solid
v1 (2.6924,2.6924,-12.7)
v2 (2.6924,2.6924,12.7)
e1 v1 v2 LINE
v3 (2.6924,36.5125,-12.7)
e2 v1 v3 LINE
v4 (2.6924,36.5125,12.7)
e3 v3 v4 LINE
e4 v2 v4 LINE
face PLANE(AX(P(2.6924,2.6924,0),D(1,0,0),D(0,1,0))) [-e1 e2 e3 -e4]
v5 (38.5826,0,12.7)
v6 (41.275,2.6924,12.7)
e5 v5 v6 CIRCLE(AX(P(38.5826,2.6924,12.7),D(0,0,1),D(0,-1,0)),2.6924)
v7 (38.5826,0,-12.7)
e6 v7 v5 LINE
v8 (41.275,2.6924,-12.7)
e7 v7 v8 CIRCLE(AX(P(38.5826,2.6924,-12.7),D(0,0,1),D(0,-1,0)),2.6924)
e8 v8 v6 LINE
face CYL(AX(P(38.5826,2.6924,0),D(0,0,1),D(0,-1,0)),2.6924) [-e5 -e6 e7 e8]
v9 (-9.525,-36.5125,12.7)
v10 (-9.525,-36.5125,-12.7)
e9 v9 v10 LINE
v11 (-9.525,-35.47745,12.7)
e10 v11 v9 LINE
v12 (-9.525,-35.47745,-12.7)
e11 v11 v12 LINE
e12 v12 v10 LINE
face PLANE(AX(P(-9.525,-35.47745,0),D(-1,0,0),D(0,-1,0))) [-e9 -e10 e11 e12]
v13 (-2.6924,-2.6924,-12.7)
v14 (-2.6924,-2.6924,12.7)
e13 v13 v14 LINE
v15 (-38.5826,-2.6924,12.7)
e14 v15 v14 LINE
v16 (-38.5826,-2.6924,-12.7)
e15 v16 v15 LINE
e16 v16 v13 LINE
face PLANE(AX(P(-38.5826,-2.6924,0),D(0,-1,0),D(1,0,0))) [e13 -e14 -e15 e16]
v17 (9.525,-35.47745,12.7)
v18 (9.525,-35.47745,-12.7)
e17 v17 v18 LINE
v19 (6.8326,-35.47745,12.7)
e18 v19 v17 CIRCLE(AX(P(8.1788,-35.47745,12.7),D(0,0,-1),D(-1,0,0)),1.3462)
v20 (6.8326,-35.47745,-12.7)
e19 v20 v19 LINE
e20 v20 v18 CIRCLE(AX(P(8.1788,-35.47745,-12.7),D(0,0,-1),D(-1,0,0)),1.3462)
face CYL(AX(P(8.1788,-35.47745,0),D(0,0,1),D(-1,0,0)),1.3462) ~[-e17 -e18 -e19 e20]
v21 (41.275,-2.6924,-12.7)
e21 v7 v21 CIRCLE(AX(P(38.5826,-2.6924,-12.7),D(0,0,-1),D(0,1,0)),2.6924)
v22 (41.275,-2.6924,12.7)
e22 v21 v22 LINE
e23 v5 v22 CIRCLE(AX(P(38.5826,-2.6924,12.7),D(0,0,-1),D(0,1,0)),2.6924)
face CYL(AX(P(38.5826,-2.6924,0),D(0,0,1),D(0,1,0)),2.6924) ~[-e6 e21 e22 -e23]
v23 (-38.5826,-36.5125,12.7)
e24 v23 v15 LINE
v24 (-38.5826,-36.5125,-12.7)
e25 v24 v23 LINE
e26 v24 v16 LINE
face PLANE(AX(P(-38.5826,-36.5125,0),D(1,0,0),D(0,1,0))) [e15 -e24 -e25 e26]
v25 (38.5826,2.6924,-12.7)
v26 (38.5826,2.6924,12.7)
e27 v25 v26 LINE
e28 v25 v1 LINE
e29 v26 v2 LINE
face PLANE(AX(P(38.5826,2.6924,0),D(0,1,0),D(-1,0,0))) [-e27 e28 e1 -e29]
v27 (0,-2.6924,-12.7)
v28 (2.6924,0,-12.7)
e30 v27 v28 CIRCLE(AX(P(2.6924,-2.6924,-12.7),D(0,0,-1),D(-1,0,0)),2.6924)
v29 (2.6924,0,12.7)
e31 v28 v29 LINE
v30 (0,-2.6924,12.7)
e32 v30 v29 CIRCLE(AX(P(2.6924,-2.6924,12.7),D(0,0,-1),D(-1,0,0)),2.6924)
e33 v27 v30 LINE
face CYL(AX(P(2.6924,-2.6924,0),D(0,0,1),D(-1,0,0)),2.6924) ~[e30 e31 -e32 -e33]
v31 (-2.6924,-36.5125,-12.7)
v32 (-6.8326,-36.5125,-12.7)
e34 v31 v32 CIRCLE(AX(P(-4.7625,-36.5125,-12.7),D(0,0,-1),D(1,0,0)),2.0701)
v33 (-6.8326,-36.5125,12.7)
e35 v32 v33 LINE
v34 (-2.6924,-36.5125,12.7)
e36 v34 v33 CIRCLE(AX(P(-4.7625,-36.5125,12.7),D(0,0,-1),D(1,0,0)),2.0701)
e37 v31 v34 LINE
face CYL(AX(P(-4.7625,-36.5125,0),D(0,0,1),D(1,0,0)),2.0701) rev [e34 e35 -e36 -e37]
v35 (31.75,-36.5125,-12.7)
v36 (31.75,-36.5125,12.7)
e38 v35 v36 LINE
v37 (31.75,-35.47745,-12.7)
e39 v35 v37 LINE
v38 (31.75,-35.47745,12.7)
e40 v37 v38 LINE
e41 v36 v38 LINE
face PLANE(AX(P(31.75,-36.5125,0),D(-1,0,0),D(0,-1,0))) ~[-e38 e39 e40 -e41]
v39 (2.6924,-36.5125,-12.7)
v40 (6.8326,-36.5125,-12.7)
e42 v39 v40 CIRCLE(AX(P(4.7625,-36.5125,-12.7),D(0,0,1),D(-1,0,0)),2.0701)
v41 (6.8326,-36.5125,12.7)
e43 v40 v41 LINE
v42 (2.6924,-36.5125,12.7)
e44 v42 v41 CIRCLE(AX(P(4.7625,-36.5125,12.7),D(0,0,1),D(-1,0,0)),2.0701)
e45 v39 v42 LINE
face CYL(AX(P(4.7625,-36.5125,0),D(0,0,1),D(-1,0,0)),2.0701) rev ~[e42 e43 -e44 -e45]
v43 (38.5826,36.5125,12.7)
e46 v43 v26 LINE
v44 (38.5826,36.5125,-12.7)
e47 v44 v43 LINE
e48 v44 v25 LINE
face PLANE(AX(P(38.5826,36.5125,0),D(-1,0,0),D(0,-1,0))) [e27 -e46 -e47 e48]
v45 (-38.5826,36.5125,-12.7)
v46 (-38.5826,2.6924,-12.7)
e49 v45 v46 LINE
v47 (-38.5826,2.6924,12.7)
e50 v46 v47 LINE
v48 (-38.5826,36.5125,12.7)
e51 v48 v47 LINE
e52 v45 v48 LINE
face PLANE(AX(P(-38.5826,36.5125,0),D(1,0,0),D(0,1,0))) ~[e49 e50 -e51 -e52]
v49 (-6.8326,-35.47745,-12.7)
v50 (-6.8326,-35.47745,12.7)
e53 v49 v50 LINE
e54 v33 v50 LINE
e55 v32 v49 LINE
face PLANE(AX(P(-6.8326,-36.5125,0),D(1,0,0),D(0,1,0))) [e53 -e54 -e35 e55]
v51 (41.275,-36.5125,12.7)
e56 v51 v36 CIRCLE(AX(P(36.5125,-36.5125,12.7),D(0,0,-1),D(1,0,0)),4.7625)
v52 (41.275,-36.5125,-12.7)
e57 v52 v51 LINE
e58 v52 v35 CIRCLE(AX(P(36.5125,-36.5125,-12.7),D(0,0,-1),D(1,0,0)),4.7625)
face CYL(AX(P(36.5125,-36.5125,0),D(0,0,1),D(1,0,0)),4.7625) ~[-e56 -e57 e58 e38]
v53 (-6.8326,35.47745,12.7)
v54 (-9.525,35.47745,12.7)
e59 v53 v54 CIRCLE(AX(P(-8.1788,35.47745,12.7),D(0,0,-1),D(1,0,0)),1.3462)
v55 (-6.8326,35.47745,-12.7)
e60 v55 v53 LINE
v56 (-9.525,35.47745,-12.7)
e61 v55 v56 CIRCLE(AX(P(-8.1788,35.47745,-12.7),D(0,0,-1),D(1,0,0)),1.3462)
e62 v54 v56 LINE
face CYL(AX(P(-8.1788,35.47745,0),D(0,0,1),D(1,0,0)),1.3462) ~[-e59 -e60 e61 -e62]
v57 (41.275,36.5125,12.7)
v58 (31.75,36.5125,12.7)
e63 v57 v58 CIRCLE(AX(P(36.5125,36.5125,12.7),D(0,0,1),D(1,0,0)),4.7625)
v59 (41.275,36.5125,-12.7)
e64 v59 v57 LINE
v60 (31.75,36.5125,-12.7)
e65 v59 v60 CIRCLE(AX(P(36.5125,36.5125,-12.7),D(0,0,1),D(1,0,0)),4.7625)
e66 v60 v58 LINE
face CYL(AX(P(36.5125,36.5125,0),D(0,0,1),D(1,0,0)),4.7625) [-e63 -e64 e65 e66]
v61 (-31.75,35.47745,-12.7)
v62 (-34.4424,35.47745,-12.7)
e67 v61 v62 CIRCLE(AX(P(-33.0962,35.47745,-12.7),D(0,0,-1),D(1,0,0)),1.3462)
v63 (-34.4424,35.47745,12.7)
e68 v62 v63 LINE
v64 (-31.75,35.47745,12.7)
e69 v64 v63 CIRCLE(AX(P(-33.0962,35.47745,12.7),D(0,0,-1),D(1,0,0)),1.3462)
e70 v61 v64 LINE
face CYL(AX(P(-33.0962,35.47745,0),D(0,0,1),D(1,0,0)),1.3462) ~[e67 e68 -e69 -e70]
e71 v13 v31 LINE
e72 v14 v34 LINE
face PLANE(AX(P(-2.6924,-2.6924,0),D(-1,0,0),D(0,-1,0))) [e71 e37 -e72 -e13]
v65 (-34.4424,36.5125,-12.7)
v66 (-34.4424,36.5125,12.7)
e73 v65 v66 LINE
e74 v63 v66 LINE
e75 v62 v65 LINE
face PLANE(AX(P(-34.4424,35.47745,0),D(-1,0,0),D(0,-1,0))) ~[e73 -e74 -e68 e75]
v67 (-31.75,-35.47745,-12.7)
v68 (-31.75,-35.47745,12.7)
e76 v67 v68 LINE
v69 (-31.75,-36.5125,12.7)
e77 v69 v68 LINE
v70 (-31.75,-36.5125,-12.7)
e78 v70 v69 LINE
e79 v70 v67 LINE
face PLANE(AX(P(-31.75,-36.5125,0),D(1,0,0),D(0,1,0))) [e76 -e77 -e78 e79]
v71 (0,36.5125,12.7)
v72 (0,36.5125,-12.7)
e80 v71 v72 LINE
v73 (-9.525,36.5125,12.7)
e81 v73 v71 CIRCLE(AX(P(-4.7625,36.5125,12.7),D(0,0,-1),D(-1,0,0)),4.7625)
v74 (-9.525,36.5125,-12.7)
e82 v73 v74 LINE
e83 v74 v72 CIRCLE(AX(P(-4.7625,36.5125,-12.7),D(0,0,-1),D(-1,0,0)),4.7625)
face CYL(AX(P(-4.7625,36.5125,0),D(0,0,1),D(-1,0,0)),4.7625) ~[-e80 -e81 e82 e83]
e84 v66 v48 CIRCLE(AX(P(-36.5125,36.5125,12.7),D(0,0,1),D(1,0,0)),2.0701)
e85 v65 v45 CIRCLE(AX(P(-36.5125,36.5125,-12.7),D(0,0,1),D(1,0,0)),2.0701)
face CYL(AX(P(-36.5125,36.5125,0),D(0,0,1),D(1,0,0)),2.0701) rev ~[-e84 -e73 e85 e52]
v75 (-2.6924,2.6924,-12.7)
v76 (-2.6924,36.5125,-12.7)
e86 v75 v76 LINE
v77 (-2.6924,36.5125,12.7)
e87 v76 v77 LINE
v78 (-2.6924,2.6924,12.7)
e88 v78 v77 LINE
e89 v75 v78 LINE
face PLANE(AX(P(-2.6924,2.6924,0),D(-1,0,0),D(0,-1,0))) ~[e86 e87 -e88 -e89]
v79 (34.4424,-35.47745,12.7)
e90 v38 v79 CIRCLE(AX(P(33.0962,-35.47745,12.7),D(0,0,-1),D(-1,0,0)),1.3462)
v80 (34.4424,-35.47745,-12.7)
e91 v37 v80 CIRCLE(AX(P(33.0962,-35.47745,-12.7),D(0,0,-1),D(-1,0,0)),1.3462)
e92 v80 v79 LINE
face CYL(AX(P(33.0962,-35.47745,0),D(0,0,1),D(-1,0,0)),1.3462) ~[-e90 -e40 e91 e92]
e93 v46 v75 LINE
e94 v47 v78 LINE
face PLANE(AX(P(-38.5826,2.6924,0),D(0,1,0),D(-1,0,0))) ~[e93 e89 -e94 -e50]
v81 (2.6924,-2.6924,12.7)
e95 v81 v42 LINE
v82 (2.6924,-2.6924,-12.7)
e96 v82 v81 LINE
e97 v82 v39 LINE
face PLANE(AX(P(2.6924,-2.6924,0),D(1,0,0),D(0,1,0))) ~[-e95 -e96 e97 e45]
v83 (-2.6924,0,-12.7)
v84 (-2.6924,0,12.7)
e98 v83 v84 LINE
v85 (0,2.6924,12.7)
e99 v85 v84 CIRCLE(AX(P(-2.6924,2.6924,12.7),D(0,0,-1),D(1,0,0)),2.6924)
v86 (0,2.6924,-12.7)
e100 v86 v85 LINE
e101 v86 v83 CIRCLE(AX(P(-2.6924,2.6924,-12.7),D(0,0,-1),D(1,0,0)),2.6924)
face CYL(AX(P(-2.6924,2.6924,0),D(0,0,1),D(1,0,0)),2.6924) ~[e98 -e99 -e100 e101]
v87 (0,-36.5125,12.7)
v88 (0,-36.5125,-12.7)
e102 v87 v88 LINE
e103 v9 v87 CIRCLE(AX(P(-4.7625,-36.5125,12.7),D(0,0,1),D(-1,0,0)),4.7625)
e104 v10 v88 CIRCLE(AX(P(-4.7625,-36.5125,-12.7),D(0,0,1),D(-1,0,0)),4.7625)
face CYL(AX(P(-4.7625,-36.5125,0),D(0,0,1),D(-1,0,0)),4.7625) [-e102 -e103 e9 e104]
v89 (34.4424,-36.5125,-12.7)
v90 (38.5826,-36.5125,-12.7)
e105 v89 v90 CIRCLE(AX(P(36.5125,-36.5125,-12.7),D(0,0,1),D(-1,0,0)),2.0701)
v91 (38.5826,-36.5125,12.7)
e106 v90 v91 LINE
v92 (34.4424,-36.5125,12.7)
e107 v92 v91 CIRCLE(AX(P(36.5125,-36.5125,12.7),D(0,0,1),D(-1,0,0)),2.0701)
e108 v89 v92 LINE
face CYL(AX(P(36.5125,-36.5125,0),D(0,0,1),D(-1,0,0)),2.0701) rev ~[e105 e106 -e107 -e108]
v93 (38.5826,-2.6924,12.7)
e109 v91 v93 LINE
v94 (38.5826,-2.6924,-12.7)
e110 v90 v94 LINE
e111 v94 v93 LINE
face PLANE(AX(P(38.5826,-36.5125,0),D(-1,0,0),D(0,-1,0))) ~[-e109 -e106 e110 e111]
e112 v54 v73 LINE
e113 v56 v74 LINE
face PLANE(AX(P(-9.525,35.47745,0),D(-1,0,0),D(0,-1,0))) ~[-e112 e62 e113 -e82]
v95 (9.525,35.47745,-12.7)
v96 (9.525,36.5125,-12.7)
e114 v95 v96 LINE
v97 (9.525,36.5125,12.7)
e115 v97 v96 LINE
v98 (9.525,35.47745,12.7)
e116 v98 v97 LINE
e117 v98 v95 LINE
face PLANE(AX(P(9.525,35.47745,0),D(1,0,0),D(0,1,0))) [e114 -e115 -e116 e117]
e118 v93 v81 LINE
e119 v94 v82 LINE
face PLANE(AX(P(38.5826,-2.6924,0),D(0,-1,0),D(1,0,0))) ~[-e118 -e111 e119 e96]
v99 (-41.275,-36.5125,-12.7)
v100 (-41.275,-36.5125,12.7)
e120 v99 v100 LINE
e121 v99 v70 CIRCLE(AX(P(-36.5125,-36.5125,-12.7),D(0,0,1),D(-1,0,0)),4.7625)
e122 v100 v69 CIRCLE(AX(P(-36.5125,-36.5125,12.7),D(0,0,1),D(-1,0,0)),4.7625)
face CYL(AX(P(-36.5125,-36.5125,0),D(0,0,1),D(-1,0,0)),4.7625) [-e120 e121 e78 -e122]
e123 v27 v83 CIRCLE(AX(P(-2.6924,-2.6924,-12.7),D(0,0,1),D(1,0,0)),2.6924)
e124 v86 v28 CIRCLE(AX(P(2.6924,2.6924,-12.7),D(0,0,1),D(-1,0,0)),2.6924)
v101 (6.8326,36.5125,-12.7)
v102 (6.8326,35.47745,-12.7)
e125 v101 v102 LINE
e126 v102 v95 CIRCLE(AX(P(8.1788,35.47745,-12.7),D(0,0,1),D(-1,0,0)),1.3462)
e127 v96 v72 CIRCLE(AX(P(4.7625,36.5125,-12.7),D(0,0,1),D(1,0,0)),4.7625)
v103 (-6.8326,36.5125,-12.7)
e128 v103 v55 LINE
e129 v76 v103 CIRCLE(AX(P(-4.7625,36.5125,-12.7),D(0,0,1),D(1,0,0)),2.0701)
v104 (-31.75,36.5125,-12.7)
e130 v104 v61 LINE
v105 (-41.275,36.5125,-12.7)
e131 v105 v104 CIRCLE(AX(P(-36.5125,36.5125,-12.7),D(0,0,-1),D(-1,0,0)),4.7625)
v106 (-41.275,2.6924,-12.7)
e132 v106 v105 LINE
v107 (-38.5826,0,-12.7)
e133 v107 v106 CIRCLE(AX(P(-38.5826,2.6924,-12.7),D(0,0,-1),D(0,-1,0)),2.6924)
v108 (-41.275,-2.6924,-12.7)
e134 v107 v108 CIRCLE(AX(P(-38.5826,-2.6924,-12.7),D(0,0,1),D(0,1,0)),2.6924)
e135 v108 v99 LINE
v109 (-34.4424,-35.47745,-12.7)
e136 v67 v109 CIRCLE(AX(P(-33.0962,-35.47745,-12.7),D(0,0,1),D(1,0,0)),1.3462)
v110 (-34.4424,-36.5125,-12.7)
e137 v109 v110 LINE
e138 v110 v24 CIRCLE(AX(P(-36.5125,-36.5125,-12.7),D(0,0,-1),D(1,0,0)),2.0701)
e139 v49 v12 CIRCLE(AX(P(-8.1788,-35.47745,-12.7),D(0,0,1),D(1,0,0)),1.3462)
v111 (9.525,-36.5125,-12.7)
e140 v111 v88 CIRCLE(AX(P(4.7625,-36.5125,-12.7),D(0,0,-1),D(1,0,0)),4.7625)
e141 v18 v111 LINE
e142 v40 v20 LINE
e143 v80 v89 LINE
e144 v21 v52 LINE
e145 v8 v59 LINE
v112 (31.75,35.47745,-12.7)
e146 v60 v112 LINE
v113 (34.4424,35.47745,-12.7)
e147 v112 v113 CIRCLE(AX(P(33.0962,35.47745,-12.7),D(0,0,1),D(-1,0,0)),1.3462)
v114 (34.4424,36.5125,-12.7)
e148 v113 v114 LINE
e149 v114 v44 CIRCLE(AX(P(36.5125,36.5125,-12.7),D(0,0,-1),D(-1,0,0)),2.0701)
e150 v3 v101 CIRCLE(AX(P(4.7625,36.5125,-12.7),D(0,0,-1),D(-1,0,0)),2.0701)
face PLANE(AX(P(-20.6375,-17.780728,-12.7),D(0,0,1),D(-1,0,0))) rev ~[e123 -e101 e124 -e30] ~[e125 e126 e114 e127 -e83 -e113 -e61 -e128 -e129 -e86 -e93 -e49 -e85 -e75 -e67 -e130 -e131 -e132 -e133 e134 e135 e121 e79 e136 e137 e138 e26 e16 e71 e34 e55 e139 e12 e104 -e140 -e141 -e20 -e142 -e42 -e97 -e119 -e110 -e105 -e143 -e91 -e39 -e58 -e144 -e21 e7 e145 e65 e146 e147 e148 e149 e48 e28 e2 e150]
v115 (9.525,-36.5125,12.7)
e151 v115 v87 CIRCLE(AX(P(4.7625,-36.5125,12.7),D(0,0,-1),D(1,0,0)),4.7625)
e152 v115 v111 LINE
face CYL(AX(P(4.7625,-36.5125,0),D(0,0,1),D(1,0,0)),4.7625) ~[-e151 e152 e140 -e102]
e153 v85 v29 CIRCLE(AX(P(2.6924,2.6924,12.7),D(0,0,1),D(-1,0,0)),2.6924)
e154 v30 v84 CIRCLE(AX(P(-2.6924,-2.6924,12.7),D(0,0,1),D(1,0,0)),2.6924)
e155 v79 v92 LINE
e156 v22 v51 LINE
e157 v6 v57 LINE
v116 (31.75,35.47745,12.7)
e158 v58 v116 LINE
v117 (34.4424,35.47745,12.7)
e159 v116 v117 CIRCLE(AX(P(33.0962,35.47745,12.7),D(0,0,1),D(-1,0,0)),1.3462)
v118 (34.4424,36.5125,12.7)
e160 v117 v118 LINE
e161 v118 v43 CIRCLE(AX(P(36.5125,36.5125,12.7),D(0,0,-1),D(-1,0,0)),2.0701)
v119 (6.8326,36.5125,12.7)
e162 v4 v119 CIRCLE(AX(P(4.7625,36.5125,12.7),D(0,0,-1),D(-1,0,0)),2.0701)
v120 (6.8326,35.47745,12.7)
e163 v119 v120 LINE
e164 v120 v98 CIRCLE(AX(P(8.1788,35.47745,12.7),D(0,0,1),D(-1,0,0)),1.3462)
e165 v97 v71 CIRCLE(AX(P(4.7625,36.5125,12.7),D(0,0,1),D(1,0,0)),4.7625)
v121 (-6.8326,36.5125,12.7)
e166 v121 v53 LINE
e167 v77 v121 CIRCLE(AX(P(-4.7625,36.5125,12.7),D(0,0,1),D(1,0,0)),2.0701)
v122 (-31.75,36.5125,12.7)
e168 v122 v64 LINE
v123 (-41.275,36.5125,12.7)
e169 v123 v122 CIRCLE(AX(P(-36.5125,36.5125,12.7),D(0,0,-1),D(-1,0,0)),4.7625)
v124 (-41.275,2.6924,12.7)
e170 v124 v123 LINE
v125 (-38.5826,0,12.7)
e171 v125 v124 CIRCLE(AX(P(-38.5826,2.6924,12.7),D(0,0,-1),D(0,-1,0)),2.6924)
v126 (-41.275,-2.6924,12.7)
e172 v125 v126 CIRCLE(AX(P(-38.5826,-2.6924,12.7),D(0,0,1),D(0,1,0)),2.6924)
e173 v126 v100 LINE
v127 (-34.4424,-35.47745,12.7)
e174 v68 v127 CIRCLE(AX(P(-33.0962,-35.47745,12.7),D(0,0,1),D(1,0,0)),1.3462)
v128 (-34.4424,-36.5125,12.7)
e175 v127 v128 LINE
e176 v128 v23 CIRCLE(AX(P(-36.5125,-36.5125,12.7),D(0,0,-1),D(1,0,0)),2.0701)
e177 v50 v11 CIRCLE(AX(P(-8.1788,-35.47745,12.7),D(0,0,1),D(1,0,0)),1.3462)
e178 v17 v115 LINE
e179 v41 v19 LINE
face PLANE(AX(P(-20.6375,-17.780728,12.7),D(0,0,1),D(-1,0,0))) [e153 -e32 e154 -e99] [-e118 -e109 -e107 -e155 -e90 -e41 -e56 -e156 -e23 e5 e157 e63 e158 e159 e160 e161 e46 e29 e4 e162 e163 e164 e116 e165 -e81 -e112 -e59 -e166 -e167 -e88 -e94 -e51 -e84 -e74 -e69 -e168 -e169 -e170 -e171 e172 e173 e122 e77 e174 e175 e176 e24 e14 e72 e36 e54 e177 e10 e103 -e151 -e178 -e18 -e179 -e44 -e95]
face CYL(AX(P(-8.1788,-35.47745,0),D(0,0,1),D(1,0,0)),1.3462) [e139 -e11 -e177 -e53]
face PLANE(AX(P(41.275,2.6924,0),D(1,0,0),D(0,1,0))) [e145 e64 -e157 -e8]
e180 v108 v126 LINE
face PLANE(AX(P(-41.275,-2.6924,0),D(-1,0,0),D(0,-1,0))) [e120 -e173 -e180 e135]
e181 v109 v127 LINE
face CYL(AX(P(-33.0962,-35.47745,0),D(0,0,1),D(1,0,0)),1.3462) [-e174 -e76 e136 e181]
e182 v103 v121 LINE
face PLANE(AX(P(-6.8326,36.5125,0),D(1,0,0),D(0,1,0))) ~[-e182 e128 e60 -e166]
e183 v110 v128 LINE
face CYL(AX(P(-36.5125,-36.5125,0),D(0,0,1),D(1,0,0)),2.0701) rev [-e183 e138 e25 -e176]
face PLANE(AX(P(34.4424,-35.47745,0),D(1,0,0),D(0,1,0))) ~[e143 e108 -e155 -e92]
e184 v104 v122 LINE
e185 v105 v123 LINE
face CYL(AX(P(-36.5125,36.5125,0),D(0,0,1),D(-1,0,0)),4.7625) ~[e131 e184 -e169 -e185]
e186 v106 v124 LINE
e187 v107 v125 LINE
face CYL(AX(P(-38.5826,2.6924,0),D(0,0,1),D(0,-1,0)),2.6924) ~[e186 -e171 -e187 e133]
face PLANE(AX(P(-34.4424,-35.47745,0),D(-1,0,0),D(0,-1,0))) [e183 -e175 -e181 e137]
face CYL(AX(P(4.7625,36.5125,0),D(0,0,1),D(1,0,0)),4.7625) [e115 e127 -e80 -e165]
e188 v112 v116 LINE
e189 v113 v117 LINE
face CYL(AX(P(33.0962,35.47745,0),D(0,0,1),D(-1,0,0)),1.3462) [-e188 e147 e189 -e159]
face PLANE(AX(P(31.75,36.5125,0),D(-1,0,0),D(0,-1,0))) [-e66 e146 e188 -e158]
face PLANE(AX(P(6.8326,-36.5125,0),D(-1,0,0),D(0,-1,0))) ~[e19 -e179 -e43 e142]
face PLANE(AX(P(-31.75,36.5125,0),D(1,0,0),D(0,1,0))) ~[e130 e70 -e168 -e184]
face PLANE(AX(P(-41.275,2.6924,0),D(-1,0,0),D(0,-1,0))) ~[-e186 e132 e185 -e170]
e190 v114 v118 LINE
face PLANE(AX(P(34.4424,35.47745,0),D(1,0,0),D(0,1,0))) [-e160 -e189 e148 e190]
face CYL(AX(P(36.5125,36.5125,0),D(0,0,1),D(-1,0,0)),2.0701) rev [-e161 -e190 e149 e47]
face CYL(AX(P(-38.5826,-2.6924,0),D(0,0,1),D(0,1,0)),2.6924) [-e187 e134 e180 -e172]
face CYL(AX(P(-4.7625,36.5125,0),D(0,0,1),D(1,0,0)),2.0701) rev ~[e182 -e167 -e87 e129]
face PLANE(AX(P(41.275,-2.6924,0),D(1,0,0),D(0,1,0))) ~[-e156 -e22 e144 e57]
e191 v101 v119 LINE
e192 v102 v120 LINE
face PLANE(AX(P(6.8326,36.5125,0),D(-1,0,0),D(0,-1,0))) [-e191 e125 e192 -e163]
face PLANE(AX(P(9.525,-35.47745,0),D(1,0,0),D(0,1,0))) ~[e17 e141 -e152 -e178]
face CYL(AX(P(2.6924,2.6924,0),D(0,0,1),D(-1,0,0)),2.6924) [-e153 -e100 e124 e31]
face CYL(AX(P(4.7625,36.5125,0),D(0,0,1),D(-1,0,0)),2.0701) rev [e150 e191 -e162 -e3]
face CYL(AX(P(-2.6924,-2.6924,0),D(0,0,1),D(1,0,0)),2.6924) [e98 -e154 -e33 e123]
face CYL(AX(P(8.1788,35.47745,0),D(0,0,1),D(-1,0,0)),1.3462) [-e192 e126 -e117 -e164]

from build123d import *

# Parameters (mm, degrees)
BASE_EXTRUDE_DEPTH   = 12.7
MIRROR2_COPY_1_DEPTH = 12.7


with BuildPart() as part:
    # Sketch1 → Base-Extrude (new, symmetric)
    with BuildSketch(Plane.XY):
        with BuildLine():
            Line((0, 36.5125), (0, 2.6924))
            ThreePointArc((0, 2.6924), (0.788585702, 0.788585702), (2.6924, 0))
            Line((2.6924, 0), (38.5826, 0))
            ThreePointArc((38.5826, 0), (40.486414298, 0.788585702), (41.275, 2.6924))
            Line((41.275, 2.6924), (41.275, 36.5125))
            ThreePointArc((41.275, 36.5125), (36.5125, 41.275), (31.75, 36.5125))
            Line((31.75, 36.5125), (31.75, 35.47745))
            ThreePointArc((31.75, 35.47745), (33.0962, 34.13125), (34.4424, 35.47745))
            Line((34.4424, 35.47745), (34.4424, 36.5125))
            ThreePointArc((34.4424, 36.5125), (36.5125, 38.5826), (38.5826, 36.5125))
            Line((38.5826, 36.5125), (38.5826, 2.6924))
            Line((38.5826, 2.6924), (2.6924, 2.6924))
            Line((2.6924, 2.6924), (2.6924, 36.5125))
            ThreePointArc((2.6924, 36.5125), (4.7625, 38.5826), (6.8326, 36.5125))
            Line((6.8326, 36.5125), (6.8326, 35.47745))
            ThreePointArc((6.8326, 35.47745), (8.1788, 34.13125), (9.525, 35.47745))
            Line((9.525, 35.47745), (9.525, 36.5125))
            ThreePointArc((9.525, 36.5125), (4.7625, 41.275), (0, 36.5125))
        make_face()
    base_extrude = extrude(amount=BASE_EXTRUDE_DEPTH, both=True)

    # Mirror1: Base-Extrude across plane
    add(base_extrude.mirror(Plane(origin=(0, 0, 0), x_dir=(0, 0, 1), z_dir=(1, 0, 0))))

    # Mirror2: Base-Extrude across plane
    add(base_extrude.mirror(Plane.ZX))

    # Mirror2 copy 1 sketch → Mirror2 copy 1 (add, symmetric)
    with BuildSketch(Plane(origin=(0, 0, 0), x_dir=(-1, 0, 0), z_dir=(0, 0, 1))):
        with BuildLine():
            Line((0, 36.5125), (0, 2.6924))
            ThreePointArc((0, 2.6924), (0.788585702, 0.788585702), (2.6924, 0))
            Line((2.6924, 0), (38.5826, 0))
            ThreePointArc((38.5826, 0), (40.486414298, 0.788585702), (41.275, 2.6924))
            Line((41.275, 2.6924), (41.275, 36.5125))
            ThreePointArc((41.275, 36.5125), (36.5125, 41.275), (31.75, 36.5125))
            Line((31.75, 36.5125), (31.75, 35.47745))
            ThreePointArc((31.75, 35.47745), (33.0962, 34.13125), (34.4424, 35.47745))
            Line((34.4424, 35.47745), (34.4424, 36.5125))
            ThreePointArc((34.4424, 36.5125), (36.5125, 38.5826), (38.5826, 36.5125))
            Line((38.5826, 36.5125), (38.5826, 2.6924))
            Line((38.5826, 2.6924), (2.6924, 2.6924))
            Line((2.6924, 2.6924), (2.6924, 36.5125))
            ThreePointArc((2.6924, 36.5125), (4.7625, 38.5826), (6.8326, 36.5125))
            Line((6.8326, 36.5125), (6.8326, 35.47745))
            ThreePointArc((6.8326, 35.47745), (8.1788, 34.13125), (9.525, 35.47745))
            Line((9.525, 35.47745), (9.525, 36.5125))
            ThreePointArc((9.525, 36.5125), (4.7625, 41.275), (0, 36.5125))
        make_face()
    extrude(amount=MIRROR2_COPY_1_DEPTH, both=True)


solid = part.part
